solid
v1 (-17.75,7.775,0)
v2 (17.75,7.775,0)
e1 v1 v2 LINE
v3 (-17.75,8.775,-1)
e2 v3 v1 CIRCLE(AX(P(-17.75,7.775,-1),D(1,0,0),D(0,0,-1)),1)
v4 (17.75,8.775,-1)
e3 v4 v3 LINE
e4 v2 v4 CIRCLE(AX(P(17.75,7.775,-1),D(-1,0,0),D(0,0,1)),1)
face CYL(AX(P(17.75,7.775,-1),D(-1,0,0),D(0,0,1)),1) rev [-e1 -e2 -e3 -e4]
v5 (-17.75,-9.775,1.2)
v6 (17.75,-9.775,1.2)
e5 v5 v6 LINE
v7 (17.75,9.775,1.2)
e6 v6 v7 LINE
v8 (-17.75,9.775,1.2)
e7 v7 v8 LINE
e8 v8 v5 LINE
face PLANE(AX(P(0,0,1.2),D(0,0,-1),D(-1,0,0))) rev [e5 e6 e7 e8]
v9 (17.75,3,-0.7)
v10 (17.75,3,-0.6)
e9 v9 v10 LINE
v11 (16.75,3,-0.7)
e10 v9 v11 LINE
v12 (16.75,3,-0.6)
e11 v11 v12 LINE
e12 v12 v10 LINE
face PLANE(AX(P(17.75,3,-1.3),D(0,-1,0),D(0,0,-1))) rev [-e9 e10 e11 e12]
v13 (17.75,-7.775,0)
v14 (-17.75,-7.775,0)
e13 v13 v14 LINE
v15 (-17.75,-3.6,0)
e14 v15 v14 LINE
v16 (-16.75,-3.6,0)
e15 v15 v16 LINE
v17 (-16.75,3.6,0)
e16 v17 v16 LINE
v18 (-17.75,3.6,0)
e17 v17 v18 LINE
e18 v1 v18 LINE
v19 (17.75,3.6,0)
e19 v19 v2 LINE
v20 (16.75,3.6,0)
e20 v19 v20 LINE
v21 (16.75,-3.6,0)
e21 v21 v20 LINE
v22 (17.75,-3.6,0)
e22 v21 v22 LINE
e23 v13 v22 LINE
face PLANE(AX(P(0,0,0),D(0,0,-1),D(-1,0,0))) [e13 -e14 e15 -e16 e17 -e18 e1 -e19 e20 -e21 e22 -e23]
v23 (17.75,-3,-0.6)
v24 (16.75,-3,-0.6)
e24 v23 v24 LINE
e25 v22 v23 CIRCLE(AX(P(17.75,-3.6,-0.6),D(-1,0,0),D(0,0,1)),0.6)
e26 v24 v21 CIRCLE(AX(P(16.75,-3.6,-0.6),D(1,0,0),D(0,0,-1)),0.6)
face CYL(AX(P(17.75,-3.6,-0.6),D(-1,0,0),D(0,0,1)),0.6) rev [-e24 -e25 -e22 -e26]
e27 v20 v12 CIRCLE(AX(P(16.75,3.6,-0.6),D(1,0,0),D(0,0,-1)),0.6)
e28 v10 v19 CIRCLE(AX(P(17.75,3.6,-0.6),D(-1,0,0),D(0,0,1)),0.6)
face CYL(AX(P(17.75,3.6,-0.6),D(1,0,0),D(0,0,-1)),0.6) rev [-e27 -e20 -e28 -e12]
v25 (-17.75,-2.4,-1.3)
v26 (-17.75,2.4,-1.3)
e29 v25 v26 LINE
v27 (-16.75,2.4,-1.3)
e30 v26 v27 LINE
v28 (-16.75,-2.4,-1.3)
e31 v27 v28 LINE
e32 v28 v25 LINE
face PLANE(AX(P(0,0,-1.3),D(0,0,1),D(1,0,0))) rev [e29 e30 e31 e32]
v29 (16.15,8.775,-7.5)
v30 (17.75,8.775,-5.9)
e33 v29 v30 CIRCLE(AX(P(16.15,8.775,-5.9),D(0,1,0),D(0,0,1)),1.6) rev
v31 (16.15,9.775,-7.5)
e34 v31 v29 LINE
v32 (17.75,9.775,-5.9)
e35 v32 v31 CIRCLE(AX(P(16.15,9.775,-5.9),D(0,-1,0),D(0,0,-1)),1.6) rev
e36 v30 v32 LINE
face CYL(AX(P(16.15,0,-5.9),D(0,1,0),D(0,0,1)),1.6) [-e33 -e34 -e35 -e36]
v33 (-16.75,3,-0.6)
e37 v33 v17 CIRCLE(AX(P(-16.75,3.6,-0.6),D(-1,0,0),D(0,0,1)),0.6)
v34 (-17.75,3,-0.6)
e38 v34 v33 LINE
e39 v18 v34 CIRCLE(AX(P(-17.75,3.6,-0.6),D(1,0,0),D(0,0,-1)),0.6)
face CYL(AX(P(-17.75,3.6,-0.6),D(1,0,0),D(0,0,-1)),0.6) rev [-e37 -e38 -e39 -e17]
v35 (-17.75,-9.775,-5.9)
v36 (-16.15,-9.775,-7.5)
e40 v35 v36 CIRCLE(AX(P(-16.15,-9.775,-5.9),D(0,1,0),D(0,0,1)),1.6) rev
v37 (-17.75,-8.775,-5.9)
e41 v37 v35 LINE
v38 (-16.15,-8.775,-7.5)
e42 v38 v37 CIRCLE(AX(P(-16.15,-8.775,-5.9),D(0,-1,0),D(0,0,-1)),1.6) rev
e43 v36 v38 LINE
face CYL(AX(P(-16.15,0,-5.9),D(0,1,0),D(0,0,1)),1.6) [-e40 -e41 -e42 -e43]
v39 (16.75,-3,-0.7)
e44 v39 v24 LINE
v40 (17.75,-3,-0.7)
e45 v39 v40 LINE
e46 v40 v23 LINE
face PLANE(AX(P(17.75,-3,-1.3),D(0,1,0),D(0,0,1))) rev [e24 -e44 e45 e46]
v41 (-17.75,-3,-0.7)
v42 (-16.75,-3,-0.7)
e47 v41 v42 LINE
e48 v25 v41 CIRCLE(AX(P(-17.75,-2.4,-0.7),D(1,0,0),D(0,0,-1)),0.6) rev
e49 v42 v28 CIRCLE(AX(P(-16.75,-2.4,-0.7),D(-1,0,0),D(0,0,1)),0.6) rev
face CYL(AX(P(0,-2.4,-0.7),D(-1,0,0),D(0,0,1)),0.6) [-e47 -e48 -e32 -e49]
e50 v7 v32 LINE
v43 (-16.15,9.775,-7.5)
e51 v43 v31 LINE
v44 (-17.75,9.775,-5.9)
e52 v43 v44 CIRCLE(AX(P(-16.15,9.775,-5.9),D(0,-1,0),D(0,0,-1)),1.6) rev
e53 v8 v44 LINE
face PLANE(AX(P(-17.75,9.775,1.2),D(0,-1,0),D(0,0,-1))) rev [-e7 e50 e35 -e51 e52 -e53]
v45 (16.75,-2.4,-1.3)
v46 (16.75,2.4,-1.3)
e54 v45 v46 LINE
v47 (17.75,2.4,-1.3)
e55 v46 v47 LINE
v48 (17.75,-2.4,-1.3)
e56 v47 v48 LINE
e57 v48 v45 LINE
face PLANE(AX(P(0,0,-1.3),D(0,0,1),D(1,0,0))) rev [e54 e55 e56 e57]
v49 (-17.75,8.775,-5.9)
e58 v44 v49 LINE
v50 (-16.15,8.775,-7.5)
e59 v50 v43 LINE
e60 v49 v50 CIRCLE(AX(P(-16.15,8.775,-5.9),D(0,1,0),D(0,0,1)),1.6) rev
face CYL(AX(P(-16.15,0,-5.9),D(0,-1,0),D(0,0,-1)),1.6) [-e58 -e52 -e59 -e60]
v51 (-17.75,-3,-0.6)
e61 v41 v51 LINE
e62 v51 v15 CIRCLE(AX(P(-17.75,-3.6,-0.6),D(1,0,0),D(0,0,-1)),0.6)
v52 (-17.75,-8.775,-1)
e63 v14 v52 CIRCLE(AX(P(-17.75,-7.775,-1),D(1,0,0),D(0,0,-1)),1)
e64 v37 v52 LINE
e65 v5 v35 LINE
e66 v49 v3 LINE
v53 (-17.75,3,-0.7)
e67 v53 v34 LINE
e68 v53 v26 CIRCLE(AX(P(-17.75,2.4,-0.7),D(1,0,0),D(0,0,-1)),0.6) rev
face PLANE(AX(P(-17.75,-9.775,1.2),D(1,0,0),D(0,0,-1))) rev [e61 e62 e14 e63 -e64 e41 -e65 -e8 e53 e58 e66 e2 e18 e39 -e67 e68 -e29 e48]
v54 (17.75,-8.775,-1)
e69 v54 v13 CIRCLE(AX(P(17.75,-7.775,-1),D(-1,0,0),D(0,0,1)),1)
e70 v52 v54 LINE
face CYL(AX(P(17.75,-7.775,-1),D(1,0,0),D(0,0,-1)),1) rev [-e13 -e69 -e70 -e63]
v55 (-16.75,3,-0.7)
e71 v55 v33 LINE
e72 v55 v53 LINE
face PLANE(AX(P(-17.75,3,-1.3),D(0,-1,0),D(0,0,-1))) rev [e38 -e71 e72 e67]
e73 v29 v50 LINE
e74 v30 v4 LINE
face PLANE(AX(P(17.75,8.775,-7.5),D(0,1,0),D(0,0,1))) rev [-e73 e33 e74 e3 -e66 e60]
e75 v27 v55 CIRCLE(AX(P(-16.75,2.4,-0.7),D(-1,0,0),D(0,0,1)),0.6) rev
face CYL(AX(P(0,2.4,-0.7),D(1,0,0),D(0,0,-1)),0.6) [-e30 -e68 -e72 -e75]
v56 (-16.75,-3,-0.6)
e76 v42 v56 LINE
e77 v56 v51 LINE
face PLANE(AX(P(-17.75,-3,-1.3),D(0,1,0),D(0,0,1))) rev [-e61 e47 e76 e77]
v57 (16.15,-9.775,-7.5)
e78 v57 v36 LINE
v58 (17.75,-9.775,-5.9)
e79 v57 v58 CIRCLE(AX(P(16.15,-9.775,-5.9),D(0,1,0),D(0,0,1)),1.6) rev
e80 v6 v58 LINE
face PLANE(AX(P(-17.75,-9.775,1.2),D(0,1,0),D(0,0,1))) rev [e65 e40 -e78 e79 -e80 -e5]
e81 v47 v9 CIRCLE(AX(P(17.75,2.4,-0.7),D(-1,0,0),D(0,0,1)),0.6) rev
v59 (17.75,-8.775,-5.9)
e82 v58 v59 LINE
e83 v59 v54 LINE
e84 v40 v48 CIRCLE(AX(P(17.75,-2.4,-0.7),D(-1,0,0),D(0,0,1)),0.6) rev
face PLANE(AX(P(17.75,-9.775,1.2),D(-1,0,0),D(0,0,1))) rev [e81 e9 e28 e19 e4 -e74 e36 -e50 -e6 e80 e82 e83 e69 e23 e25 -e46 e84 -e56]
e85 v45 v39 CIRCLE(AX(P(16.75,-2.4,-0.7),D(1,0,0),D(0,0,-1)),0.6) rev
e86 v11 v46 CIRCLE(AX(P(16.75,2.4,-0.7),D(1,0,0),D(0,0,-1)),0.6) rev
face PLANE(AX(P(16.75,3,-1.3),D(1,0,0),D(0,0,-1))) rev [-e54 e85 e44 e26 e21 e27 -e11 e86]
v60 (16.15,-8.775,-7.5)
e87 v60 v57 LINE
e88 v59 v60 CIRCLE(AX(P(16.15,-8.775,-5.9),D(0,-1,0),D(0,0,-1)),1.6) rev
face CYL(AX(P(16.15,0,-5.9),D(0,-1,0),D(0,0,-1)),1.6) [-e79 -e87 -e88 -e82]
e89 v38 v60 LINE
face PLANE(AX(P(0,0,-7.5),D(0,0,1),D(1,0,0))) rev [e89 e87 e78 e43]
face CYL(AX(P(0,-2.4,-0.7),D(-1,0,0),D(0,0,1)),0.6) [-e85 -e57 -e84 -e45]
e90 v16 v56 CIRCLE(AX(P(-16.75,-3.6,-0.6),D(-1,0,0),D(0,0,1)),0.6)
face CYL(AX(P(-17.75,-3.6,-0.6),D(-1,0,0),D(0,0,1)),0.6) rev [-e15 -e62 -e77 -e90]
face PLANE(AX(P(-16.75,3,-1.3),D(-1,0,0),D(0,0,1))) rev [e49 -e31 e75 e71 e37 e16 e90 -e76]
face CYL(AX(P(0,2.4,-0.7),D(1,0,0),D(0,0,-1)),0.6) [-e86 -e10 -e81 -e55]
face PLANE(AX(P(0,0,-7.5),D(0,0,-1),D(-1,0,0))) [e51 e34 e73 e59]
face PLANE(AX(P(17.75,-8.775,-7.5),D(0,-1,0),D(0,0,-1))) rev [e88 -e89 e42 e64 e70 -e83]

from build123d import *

# Parameters (mm, degrees)
SKETCH1_W           = 35.5
SKETCH1_H           = 19.55
BOSS_EXTRUDE1_DEPTH = 1.2
SKETCH2_W           = 35.5
SKETCH2_H           = 1
BOSS_EXTRUDE2_DEPTH = 7.5
FILLET1_R           = 1
SKETCH3_W           = 1
SKETCH3_H           = 6
BOSS_EXTRUDE3_DEPTH = 1.3
FILLET2_R           = 0.6
FILLET3_R           = 1.6


with BuildPart() as part:
    # Sketch1 → Boss-Extrude1 (new body)
    with BuildSketch(Plane.XY):
        Rectangle(SKETCH1_W, SKETCH1_H)
    extrude(amount=BOSS_EXTRUDE1_DEPTH)

    # Sketch2 → Boss-Extrude2 (add)
    with BuildSketch(Plane(origin=(0, 0, 0), x_dir=(-1, 0, 0), z_dir=(0, 0, -1))):
        with Locations((0, 9.275)):
            Rectangle(SKETCH2_W, SKETCH2_H)
        with Locations((0, -9.275)):
            Rectangle(SKETCH2_W, SKETCH2_H)
    extrude(amount=BOSS_EXTRUDE2_DEPTH)

    # Fillet1
    fillet1_edges = [part.edges().sort_by_distance(p)[0] for p in [
        (0, 8.775, 0),
        (0, -8.775, 0),
    ]]
    fillet(fillet1_edges, radius=FILLET1_R)

    # Sketch3 → Boss-Extrude3 (add)
    with BuildSketch(Plane(origin=(0, 0, 0), x_dir=(-1, 0, 0), z_dir=(0, 0, -1))):
        with Locations((17.25, 0)):
            Rectangle(SKETCH3_W, SKETCH3_H)
        with Locations((-17.25, 0)):
            Rectangle(SKETCH3_W, SKETCH3_H)
    extrude(amount=BOSS_EXTRUDE3_DEPTH)

    # Fillet2
    fillet2_edges = [part.edges().sort_by_distance(p)[0] for p in [
        (-17.25, 3, 0),
        (-17.25, -3, 0),
        (-17.25, 3, -1.3),
        (-17.25, -3, -1.3),
        (17.25, 3, 0),
        (17.25, -3, 0),
        (17.25, 3, -1.3),
        (17.25, -3, -1.3),
    ]]
    fillet(fillet2_edges, radius=FILLET2_R)

    # Fillet3
    fillet3_edges = [part.edges().sort_by_distance(p)[0] for p in [
        (17.75, 9.275, -7.5),
        (-17.75, 9.275, -7.5),
        (17.75, -9.275, -7.5),
        (-17.75, -9.275, -7.5),
    ]]
    fillet(fillet3_edges, radius=FILLET3_R)


solid = part.part
